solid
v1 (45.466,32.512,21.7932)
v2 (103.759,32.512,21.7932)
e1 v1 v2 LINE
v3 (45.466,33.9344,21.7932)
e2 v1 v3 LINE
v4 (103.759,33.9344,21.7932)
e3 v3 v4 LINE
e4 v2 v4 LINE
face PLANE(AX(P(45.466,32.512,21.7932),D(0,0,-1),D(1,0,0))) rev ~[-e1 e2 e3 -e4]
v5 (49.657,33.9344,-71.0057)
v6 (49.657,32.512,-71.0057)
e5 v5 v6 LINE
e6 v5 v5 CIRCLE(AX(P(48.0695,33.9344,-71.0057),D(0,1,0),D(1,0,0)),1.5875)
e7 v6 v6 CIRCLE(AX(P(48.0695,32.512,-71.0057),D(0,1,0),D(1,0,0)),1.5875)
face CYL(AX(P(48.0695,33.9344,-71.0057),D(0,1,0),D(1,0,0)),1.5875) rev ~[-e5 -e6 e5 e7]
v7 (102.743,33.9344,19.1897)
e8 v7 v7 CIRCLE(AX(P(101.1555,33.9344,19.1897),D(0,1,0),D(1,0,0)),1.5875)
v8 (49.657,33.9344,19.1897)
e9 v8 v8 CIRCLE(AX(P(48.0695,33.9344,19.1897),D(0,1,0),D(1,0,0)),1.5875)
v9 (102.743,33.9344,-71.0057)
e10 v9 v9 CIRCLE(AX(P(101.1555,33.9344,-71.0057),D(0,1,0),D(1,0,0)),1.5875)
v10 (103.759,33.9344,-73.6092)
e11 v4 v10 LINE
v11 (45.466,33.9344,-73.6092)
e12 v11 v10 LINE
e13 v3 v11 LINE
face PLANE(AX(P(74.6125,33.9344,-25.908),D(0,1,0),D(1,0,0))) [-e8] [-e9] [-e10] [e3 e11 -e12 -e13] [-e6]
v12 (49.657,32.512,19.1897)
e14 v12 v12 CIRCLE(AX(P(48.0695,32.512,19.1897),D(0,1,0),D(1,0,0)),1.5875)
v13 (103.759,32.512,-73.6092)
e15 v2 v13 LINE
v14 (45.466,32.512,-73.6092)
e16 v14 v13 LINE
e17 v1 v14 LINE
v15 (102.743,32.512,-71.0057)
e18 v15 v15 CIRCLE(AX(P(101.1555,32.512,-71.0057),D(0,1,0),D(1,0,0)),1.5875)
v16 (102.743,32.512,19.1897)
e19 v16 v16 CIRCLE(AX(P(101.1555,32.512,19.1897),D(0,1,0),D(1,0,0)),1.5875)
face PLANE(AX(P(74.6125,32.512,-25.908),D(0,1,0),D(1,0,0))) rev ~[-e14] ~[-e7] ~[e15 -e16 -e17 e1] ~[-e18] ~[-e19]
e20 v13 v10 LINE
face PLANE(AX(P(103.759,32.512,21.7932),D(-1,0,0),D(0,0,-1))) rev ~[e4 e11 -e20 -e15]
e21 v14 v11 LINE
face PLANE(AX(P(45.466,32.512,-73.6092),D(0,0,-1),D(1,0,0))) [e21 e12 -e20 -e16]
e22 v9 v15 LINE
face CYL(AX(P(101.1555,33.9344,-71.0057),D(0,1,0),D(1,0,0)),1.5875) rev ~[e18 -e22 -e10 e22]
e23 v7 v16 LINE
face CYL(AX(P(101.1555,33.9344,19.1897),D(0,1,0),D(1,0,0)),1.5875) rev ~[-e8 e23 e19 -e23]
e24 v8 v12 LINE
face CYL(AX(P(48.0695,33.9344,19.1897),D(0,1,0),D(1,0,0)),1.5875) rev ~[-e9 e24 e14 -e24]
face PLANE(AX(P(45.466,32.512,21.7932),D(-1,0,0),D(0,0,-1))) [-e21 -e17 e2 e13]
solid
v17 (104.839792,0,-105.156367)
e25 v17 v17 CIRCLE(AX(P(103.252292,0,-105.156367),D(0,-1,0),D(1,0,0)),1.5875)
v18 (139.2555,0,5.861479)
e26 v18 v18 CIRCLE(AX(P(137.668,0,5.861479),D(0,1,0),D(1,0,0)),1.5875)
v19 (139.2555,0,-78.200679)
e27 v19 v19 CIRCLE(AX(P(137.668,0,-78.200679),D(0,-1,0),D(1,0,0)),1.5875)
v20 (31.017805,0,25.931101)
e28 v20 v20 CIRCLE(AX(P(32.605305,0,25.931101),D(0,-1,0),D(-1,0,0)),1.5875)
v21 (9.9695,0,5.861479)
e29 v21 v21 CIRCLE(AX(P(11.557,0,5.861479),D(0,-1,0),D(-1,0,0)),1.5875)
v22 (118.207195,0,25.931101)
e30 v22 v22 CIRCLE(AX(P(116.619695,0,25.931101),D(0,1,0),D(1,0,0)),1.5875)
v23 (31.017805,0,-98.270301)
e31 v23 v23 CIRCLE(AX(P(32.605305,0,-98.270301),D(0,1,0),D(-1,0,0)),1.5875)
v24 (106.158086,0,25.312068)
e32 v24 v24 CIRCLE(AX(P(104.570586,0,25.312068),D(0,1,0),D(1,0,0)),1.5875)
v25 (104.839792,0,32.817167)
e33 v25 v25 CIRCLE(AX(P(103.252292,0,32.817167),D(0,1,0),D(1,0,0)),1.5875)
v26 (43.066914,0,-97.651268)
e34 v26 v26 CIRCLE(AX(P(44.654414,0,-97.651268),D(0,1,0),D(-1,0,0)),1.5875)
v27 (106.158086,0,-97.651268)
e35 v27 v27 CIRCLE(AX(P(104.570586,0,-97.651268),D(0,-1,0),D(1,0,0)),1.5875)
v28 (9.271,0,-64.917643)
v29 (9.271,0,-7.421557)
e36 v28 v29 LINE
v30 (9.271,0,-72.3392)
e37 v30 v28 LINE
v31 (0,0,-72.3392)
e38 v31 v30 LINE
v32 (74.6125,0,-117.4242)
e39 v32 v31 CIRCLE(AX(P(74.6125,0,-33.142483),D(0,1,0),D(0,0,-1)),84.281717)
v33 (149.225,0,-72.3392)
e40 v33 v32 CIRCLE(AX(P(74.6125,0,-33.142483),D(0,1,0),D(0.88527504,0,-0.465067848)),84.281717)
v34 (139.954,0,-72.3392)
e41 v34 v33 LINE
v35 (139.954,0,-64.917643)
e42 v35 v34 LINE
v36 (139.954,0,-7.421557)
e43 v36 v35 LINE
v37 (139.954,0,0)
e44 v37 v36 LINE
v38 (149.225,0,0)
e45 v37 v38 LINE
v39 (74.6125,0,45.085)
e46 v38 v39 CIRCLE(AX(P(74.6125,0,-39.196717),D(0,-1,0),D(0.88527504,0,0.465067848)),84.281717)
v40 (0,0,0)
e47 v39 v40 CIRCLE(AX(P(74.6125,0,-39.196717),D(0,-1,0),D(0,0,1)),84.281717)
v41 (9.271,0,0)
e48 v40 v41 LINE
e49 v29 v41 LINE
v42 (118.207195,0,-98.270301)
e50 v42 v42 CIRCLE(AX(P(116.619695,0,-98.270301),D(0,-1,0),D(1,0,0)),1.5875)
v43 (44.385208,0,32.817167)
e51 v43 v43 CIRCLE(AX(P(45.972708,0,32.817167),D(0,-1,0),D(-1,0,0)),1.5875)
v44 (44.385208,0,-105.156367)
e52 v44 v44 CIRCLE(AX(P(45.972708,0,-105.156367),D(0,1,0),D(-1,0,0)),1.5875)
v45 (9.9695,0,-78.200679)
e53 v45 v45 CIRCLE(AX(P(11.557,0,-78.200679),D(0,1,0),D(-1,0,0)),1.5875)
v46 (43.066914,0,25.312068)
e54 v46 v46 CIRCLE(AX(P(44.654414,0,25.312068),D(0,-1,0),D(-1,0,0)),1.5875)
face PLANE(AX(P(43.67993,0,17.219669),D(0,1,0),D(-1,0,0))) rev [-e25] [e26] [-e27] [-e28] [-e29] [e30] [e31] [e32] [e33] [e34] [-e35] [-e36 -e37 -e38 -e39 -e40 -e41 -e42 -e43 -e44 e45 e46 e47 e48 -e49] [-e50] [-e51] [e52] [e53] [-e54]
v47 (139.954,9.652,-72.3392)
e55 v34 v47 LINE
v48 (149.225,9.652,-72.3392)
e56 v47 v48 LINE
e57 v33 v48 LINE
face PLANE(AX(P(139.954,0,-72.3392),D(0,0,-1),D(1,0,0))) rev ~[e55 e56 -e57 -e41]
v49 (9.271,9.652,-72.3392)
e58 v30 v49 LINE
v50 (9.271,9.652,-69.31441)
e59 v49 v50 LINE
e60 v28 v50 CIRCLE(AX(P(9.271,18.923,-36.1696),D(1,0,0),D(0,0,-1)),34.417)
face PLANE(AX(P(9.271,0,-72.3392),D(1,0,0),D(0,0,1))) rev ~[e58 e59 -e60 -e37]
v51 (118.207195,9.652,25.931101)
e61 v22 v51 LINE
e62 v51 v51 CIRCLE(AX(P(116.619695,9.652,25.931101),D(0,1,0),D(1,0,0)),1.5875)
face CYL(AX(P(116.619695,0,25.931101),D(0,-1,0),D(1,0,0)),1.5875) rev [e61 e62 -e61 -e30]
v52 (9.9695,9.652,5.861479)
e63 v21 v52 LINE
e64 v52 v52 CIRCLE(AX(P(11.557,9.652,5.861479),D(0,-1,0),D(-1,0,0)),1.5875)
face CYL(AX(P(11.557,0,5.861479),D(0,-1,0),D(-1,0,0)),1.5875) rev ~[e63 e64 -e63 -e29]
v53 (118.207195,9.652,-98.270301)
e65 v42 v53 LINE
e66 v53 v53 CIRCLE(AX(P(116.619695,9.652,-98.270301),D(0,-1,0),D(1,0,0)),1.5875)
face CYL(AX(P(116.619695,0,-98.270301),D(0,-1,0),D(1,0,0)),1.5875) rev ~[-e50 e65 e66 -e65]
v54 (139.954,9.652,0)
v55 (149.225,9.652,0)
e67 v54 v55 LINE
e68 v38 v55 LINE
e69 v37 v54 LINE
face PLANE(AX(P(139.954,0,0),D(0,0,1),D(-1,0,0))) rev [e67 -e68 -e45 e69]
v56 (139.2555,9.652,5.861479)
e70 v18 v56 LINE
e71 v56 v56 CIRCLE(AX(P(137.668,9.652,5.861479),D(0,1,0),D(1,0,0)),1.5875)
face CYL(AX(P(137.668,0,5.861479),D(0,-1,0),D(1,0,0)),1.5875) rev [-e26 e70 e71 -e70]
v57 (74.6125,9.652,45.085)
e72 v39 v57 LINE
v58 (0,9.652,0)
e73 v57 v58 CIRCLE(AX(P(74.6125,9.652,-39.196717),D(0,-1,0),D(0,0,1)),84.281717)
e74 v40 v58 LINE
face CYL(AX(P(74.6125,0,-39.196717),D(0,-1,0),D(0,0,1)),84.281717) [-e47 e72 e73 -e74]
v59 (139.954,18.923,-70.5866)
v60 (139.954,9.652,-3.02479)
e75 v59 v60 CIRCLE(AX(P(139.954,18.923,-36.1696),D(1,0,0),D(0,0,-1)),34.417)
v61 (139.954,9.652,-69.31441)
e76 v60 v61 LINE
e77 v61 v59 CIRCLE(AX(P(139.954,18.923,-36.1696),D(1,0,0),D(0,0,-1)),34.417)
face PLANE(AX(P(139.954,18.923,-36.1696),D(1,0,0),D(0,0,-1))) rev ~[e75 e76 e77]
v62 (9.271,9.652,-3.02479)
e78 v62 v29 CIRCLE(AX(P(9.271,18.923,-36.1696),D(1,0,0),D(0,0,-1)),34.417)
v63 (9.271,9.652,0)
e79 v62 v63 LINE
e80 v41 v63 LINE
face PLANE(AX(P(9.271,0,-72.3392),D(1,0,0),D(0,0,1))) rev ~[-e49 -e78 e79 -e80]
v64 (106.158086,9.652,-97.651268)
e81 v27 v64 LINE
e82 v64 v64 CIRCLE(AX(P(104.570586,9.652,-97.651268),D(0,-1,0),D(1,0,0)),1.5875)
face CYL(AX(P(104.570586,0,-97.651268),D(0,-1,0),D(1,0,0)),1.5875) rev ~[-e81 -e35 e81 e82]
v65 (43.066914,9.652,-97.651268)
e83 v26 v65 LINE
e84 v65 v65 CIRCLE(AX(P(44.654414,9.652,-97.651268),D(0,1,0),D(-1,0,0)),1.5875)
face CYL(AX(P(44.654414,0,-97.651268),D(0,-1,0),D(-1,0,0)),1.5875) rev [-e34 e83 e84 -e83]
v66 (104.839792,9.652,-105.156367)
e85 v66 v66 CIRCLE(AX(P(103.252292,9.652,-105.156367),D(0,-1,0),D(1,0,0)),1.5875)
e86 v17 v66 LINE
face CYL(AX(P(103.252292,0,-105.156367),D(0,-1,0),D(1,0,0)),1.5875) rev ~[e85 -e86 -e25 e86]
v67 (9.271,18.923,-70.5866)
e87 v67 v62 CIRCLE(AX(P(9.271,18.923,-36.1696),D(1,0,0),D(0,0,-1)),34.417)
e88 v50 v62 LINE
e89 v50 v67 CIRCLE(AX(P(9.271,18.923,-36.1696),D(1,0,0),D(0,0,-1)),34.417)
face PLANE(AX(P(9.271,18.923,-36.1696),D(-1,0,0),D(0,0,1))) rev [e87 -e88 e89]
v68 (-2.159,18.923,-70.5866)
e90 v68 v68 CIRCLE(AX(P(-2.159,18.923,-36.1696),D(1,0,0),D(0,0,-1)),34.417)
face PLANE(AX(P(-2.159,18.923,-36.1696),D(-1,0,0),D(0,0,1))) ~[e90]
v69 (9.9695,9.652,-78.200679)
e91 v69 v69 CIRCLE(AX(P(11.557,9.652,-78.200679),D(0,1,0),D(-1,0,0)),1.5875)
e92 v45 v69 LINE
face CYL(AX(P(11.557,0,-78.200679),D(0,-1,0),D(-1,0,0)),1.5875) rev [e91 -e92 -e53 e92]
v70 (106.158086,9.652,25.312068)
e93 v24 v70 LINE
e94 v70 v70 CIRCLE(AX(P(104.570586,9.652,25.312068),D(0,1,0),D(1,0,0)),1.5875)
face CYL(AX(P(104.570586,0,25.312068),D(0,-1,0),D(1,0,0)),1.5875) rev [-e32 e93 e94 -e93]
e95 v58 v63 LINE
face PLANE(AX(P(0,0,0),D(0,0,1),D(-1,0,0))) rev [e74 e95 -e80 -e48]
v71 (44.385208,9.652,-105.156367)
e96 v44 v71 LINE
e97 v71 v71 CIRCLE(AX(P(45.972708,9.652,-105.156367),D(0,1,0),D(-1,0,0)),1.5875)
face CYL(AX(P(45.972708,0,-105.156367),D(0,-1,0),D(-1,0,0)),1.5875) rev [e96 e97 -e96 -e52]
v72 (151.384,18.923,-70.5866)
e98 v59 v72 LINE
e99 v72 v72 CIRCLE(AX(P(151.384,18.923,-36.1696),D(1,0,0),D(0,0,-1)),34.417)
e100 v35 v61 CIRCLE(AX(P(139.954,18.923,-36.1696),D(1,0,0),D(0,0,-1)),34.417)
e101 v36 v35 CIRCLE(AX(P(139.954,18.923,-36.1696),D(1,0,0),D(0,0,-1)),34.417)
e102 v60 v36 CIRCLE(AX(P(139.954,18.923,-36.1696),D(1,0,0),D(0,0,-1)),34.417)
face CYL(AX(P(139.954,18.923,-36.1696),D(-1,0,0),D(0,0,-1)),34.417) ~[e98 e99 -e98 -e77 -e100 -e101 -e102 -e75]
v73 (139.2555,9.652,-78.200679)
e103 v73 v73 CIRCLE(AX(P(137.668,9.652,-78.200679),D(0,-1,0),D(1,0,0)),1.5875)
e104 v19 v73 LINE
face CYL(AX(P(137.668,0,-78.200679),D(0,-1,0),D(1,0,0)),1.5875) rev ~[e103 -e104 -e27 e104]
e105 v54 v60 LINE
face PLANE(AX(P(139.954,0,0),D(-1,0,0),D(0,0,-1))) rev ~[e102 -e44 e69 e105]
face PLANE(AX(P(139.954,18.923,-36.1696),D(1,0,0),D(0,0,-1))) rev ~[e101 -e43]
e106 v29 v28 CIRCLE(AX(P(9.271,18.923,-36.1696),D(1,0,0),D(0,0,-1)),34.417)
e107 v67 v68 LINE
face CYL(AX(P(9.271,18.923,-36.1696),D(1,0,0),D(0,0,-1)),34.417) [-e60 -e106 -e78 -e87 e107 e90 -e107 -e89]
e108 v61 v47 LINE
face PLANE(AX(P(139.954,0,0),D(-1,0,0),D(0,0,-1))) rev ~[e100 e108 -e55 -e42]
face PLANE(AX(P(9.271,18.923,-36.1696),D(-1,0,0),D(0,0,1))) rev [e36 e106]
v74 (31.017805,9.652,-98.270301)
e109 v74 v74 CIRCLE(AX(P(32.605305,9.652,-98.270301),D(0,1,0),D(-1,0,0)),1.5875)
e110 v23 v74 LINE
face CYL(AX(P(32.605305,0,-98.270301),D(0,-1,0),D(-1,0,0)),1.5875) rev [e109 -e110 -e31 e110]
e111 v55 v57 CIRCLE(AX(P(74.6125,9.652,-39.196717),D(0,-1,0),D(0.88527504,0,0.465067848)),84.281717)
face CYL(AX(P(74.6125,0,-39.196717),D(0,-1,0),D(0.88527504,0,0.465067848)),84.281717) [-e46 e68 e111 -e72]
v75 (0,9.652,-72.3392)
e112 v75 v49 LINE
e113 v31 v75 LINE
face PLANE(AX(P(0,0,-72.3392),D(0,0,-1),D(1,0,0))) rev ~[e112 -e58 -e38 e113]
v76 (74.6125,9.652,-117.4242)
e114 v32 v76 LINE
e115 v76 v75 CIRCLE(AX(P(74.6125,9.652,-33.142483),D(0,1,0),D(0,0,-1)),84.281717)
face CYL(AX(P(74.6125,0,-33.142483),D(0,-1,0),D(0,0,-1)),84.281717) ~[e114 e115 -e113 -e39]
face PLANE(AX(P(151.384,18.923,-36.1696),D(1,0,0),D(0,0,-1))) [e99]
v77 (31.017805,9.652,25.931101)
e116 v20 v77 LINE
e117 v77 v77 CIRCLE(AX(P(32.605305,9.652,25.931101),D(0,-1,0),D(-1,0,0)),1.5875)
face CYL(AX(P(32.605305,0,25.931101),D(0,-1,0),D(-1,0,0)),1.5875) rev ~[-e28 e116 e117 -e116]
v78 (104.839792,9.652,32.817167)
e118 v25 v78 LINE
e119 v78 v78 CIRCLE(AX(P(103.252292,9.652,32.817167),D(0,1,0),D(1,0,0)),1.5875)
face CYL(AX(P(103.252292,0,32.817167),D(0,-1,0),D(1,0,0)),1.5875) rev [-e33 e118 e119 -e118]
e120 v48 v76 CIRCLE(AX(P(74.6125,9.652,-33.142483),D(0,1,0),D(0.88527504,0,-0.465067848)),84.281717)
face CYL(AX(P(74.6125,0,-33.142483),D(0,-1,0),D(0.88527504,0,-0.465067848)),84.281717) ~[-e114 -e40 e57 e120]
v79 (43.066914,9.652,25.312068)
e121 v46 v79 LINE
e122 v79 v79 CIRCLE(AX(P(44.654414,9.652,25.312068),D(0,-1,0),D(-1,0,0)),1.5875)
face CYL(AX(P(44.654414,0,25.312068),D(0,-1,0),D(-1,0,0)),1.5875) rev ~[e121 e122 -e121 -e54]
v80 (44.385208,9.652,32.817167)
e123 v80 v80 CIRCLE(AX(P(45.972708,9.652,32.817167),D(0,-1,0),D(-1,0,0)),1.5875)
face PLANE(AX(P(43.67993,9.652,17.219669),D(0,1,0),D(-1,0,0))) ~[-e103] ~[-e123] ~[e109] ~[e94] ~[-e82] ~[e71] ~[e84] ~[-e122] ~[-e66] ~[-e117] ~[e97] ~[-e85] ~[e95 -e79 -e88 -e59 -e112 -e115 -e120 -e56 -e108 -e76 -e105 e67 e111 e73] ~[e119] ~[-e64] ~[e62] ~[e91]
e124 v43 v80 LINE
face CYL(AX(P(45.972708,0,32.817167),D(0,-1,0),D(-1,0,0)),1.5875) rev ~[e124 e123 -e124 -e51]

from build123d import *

# Parameters (mm, degrees)
BOSS_EXTRUDE1_DEPTH     = 9.652
SKETCH4_R               = 1.5875
CUT_EXTRUDE1_DEPTH      = 9.652
MIRROR3_COPY_1_SKETCH_R = 1.5875
MIRROR3_COPY_1_DEPTH    = 9.652
SKETCH6_R               = 34.417
BOSS_EXTRUDE2_DEPTH     = 11.43
SKETCH7_W               = 58.293
SKETCH7_H               = 95.4024
BOSS_EXTRUDE3_DEPTH     = 1.4224
SKETCH8_R               = 1.5875
CUT_EXTRUDE2_DEPTH      = 1.4224


with BuildPart() as part:
    # Sketch2 → Boss-Extrude1 (new body)
    with BuildSketch(Plane(origin=(0, 0, 0), x_dir=(1, 0, 0), z_dir=(0, 1, 0))):
        with BuildLine():
            Line((9.271, 72.3392), (74.6125, 72.3392))
            Line((74.6125, 72.3392), (74.6125, 117.4242))
            ThreePointArc((74.6125, 117.4242), (31.024421408, 105.277683937), (0, 72.3392))
            Line((0, 72.3392), (9.271, 72.3392))
        make_face()
        with BuildLine():
            Line((74.6125, 117.4242), (74.6125, 72.3392))
            Line((74.6125, 72.3392), (139.954, 72.3392))
            Line((139.954, 72.3392), (149.225, 72.3392))
            ThreePointArc((149.225, 72.3392), (118.200578592, 105.277683937), (74.6125, 117.4242))
        make_face()
        with BuildLine():
            Line((9.271, 72.3392), (74.6125, 72.3392))
            Line((74.6125, 72.3392), (74.6125, 117.4242))
            ThreePointArc((74.6125, 117.4242), (31.024421408, 105.277683937), (0, 72.3392))
            Line((0, 72.3392), (9.271, 72.3392))
        make_face()
        with BuildLine():
            Line((74.6125, 117.4242), (74.6125, 72.3392))
            Line((74.6125, 72.3392), (139.954, 72.3392))
            Line((139.954, 72.3392), (149.225, 72.3392))
            ThreePointArc((149.225, 72.3392), (118.200578592, 105.277683937), (74.6125, 117.4242))
        make_face()
        Polygon((139.954, 72.3392), (74.6125, 72.3392), (9.271, 72.3392), (9.271, 0), (139.954, 0), align=None)
    boss_extrude1 = extrude(amount=BOSS_EXTRUDE1_DEPTH)

    # Sketch4 → Cut-Extrude1 (cut)
    with BuildSketch(Plane.XZ):
        with Locations((116.619694804, -98.270301239)):
            Circle(SKETCH4_R)
        with Locations((137.668, -78.200678986)):
            Circle(SKETCH4_R)
        with Locations((103.252292028, -105.15636668)):
            Circle(SKETCH4_R)
        with Locations((104.570585987, -97.651268344)):
            Circle(SKETCH4_R)
    cut_extrude1 = extrude(amount=-CUT_EXTRUDE1_DEPTH, mode=Mode.SUBTRACT)

    # Mirror1: Boss-Extrude1 across plane
    add(boss_extrude1.mirror(Plane.XY.offset(-36.1696)))

    # Mirror2: Cut-Extrude1 across plane
    add(cut_extrude1.mirror(Plane(origin=(74.6125, 0, 0), x_dir=(0, 0, 1), z_dir=(1, 0, 0))), mode=Mode.SUBTRACT)

    # Mirror3: Cut-Extrude1 across plane
    add(cut_extrude1.mirror(Plane.XY.offset(-36.1696)), mode=Mode.SUBTRACT)

    # Mirror3 copy 1 sketch → Mirror3 copy 1 (cut)
    with BuildSketch(Plane(origin=(149.225, 0, -72.3392), x_dir=(-1, 0, 0), z_dir=(0, -1, 0))):
        with Locations((116.619694804, -98.270301239)):
            Circle(MIRROR3_COPY_1_SKETCH_R)
        with Locations((137.668, -78.200678986)):
            Circle(MIRROR3_COPY_1_SKETCH_R)
        with Locations((103.252292028, -105.15636668)):
            Circle(MIRROR3_COPY_1_SKETCH_R)
        with Locations((104.570585987, -97.651268344)):
            Circle(MIRROR3_COPY_1_SKETCH_R)
    extrude(amount=-MIRROR3_COPY_1_DEPTH, mode=Mode.SUBTRACT)

    # Sketch6 → Boss-Extrude2 (add)
    with BuildSketch(Plane(origin=(139.954, 0, 0), x_dir=(0, 0, -1), z_dir=(1, 0, 0))):
        with Locations((36.1696, 18.923)):
            Circle(SKETCH6_R)
    boss_extrude2 = extrude(amount=BOSS_EXTRUDE2_DEPTH)

    # Mirror4: Boss-Extrude2 across plane
    add(boss_extrude2.mirror(Plane(origin=(74.6125, 0, 0), x_dir=(0, 0, 1), z_dir=(1, 0, 0))))


with BuildPart() as body_2:
    # Sketch7 → Boss-Extrude3 (new body)
    with BuildSketch(Plane(origin=(0, 32.512, 0), x_dir=(1, 0, 0), z_dir=(0, 1, 0))):
        with Locations((74.6125, 25.908)):
            Rectangle(SKETCH7_W, SKETCH7_H)
    extrude(amount=BOSS_EXTRUDE3_DEPTH)

    # Sketch8 → Cut-Extrude2 (cut)
    with BuildSketch(Plane(origin=(0, 33.9344, 0), x_dir=(1, 0, 0), z_dir=(0, 1, 0))):
        with Locations((101.1555, -19.1897)):
            Circle(SKETCH8_R)
        with Locations((48.0695, -19.1897)):
            Circle(SKETCH8_R)
        with Locations((101.1555, 71.0057)):
            Circle(SKETCH8_R)
        with Locations((48.0695, 71.0057)):
            Circle(SKETCH8_R)
    extrude(amount=-CUT_EXTRUDE2_DEPTH, mode=Mode.SUBTRACT)


solid = Compound([part.part, body_2.part])
